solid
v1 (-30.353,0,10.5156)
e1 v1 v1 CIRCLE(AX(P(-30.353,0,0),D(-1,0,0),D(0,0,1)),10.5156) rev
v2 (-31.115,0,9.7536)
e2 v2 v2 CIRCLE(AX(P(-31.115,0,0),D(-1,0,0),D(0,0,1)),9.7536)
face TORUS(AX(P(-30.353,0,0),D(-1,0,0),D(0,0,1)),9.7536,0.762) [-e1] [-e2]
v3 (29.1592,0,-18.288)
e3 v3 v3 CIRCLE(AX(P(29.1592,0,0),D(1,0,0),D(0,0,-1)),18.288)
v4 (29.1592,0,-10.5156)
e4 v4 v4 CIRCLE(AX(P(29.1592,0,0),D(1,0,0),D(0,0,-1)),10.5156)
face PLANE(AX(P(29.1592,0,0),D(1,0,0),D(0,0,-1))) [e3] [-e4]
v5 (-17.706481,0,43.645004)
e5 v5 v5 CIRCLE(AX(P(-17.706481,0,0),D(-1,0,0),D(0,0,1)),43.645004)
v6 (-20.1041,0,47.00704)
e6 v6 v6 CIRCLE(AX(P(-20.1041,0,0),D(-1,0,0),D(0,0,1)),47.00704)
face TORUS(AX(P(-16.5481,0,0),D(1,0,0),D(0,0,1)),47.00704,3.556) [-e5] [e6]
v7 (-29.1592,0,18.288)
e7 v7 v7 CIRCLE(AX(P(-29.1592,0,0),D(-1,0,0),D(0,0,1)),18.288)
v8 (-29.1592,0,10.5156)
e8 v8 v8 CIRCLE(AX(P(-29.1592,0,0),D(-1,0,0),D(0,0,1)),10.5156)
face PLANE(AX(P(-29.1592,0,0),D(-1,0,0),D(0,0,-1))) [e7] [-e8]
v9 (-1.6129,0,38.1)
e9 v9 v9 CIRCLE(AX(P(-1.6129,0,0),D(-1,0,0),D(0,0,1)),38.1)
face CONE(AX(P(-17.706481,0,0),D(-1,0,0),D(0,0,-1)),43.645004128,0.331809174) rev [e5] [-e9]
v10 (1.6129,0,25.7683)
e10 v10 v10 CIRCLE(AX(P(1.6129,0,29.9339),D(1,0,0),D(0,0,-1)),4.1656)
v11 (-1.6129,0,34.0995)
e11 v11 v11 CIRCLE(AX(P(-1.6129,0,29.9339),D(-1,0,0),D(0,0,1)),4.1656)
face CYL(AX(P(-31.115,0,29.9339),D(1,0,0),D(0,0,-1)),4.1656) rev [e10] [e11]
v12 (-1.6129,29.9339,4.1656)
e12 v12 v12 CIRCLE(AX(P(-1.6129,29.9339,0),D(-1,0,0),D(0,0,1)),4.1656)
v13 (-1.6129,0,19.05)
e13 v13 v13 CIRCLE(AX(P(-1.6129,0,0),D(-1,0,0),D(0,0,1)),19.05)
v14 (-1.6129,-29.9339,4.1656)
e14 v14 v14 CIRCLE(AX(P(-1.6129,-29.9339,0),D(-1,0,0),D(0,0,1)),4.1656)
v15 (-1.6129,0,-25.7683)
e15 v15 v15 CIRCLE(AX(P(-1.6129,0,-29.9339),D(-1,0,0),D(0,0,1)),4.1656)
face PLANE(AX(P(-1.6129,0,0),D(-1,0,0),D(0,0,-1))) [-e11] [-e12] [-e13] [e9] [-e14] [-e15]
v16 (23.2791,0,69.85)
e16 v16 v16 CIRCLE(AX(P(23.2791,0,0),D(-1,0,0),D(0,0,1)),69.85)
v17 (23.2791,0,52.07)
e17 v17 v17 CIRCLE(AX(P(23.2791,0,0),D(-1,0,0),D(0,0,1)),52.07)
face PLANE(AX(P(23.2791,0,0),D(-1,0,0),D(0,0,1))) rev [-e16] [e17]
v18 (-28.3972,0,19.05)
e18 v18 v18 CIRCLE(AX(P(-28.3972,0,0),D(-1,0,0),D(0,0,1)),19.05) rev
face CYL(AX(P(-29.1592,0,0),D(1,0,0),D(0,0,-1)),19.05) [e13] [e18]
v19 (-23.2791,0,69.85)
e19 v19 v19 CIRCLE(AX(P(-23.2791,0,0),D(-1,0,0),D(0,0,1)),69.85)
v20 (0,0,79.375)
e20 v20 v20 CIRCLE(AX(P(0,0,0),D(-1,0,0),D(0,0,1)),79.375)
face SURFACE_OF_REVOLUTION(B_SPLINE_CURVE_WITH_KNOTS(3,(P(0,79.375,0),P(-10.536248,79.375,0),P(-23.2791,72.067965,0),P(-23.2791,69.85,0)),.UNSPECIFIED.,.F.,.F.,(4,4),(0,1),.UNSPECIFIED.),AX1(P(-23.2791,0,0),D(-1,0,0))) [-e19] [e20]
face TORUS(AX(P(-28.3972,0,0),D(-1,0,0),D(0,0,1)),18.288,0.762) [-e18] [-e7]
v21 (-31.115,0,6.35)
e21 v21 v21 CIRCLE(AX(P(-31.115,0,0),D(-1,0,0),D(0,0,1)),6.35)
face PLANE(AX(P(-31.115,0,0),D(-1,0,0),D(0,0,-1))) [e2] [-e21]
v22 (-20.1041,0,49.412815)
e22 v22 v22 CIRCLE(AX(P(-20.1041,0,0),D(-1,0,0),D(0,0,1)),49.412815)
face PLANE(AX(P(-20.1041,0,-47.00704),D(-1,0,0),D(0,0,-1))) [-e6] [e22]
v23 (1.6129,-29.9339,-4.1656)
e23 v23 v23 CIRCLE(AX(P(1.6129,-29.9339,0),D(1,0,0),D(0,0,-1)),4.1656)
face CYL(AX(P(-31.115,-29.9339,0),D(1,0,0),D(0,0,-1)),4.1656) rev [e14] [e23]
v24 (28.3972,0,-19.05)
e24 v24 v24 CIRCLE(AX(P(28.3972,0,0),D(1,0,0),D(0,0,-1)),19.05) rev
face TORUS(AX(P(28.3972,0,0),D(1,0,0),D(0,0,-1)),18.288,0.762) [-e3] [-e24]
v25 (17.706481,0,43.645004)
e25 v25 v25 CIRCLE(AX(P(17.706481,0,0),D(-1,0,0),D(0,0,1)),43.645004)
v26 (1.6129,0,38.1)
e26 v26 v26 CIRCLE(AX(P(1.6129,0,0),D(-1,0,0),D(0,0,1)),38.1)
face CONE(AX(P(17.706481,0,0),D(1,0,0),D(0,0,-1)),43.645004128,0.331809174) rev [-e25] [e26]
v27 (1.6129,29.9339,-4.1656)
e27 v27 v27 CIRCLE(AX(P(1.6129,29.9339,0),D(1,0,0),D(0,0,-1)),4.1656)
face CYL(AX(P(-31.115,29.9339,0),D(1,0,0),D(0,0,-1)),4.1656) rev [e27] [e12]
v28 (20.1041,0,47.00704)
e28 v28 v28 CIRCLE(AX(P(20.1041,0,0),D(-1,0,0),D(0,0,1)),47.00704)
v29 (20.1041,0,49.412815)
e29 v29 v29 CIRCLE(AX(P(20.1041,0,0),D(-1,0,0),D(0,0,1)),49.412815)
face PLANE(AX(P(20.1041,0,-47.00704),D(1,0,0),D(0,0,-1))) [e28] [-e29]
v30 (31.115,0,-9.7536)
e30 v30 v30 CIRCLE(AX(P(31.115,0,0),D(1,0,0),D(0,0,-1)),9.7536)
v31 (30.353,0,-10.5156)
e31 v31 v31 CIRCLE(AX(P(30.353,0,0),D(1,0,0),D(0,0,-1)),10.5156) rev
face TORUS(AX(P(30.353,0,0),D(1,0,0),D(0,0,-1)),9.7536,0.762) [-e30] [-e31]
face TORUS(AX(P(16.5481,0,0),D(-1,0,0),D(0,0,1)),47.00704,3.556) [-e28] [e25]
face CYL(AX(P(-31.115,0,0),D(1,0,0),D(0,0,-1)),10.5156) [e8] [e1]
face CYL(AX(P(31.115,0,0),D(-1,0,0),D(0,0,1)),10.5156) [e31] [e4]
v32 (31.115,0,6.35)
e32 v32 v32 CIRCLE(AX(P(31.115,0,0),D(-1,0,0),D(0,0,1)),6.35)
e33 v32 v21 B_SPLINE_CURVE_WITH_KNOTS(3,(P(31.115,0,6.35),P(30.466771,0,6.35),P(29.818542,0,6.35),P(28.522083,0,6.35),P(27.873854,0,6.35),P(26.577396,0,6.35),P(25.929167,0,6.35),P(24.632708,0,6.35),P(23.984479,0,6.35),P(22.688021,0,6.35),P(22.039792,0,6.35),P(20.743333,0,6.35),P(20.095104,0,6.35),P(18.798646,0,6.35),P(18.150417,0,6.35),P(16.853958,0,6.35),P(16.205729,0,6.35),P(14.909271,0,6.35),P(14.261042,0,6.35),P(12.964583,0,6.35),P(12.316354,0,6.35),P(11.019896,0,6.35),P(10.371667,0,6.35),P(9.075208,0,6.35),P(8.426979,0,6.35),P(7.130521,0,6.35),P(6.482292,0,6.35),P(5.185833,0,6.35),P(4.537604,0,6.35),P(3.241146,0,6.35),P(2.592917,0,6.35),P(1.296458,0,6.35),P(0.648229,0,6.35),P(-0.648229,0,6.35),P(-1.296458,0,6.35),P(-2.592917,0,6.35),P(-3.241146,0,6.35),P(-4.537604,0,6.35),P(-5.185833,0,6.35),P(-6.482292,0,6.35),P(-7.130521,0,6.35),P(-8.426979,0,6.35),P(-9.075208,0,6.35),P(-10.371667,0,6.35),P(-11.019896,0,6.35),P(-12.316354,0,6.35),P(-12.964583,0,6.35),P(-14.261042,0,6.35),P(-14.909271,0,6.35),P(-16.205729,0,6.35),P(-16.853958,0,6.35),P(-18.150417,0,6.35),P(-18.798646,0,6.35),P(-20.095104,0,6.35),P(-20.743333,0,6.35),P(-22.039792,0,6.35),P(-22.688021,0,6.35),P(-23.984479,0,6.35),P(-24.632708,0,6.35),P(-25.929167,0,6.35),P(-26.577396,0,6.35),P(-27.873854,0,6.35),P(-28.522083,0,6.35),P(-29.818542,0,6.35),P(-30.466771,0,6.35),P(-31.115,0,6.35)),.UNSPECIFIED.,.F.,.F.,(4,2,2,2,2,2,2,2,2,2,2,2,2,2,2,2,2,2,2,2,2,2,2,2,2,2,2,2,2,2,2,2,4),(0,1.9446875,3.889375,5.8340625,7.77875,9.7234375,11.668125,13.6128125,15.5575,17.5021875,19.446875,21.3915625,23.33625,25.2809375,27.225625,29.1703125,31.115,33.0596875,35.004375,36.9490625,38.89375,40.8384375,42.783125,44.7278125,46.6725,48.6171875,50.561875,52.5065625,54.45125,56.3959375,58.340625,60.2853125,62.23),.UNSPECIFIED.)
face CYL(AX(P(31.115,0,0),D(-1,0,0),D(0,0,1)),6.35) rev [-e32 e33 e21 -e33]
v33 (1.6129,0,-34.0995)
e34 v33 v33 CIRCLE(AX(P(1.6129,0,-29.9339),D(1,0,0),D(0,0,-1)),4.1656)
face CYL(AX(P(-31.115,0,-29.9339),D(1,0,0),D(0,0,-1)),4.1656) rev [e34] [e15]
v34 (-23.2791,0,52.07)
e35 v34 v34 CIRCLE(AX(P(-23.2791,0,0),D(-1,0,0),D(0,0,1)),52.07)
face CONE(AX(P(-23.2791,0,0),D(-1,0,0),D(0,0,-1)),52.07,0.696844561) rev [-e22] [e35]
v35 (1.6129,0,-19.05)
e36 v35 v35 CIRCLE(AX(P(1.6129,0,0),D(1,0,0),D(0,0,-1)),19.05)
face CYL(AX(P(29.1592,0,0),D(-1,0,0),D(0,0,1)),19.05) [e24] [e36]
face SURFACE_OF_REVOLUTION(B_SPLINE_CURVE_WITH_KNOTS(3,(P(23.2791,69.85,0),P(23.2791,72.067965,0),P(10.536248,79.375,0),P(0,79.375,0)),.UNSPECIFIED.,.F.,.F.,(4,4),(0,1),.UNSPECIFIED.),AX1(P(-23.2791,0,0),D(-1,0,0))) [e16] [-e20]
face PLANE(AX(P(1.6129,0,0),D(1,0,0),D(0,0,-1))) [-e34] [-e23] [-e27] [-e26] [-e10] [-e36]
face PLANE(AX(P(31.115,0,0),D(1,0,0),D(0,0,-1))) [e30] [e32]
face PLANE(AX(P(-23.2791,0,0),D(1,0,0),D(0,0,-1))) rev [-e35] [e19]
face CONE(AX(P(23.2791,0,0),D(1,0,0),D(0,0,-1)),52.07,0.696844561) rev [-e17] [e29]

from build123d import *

# Parameters (mm, degrees)
SKETCH8_R            = 19.05
BOSS_EXTRUDE1_DEPTH  = 27.5463
SKETCH9_R            = 10.5156
BOSS_EXTRUDE2_DEPTH  = 1.9558
FILLET4_R            = 0.762
FILLET4_OF_MIRROR2_R = 0.762
SKETCH10_R           = 6.35
CUT_EXTRUDE5_DEPTH   = 129.348565172
SKETCH11_R           = 4.1656
CUT_EXTRUDE6_DEPTH   = 117.926886216


with BuildPart() as part:
    # Sketch5 → Revolve1 (revolve)
    with BuildSketch(Plane.XY):
        with BuildLine():
            Line((-23.2791, 0), (-23.2791, 69.85))
            add(Edge.make_bspline(
                [(-23.2791, 69.85), (-23.2791, 72.067965362), (-10.536247667, 79.375), (0, 79.375)],
                knots=[0, 0, 0, 0, 1, 1, 1, 1], degree=3))
            add(Edge.make_bspline(
                [(23.2791, 69.85), (23.2791, 72.067965362), (10.536247667, 79.375), (0, 79.375)],
                knots=[0, 0, 0, 0, 1, 1, 1, 1], degree=3))
            Line((23.2791, 69.85), (23.2791, 0))
            Line((23.2791, 0), (-23.2791, 0))
        make_face()
    revolve(axis=Axis((-23.2791, 0, 0), (1, 0, 0)))

    # Sketch7 → Cut-Revolve2 (revolve, cut)
    with BuildSketch(Plane(origin=(0, 0, 0), x_dir=(1, 0, 0), z_dir=(0, 1, 0)), mode=Mode.PRIVATE) as cut_revolve2_sk:
        with BuildLine():
            Line((1.6129, 0), (1.6129, 38.1))
            Line((1.6129, 38.1), (17.706481409, 43.645004128))
            ThreePointArc((17.706481409, 43.645004128), (19.443297773, 44.942345392), (20.1041, 47.007040492))
            Line((20.1041, 47.007040492), (20.1041, 49.412815204))
            Line((20.1041, 49.412815204), (23.2791, 52.07))
            Line((23.2791, 52.07), (23.2791, 0))
            Line((23.2791, 0), (1.6129, 0))
        make_face()
    cut_revolve2 = revolve(cut_revolve2_sk.sketch.rotate(Axis((-1000, 0, 0), (1, 0, 0)), 180), axis=Axis((-1000, 0, 0), (1, 0, 0)), mode=Mode.SUBTRACT)

    # Mirror1: Cut-Revolve2 across plane
    add(cut_revolve2.mirror(Plane(origin=(0, 0, 0), x_dir=(0, 0, 1), z_dir=(1, 0, 0))), mode=Mode.SUBTRACT)

    # Sketch8 → Boss-Extrude1 (add)
    with BuildSketch(Plane(origin=(1.6129, 0, 0), x_dir=(0, 0, -1), z_dir=(1, 0, 0))):
        Circle(SKETCH8_R)
    boss_extrude1 = extrude(amount=BOSS_EXTRUDE1_DEPTH)

    # Sketch9 → Boss-Extrude2 (add)
    with BuildSketch(Plane(origin=(29.1592, 0, 0), x_dir=(0, 0, -1), z_dir=(1, 0, 0))):
        Circle(SKETCH9_R)
    boss_extrude2 = extrude(amount=BOSS_EXTRUDE2_DEPTH)

    # Fillet4
    fillet4_edges = [part.edges().sort_by_distance(p)[0] for p in [
        (29.1592, 0, 19.05),
        (31.115, 0, 10.5156),
    ]]
    fillet(fillet4_edges, radius=FILLET4_R)

    # Mirror2: Boss-Extrude1, Boss-Extrude2 across plane
    add(boss_extrude1.mirror(Plane(origin=(0, 0, 0), x_dir=(0, 0, 1), z_dir=(1, 0, 0))))
    add(boss_extrude2.mirror(Plane(origin=(0, 0, 0), x_dir=(0, 0, 1), z_dir=(1, 0, 0))))

    # Fillet4 of Mirror2
    fillet4_of_mirror2_edges = [part.edges().sort_by_distance(p)[0] for p in [
        (-29.1592, 0, 19.05),
        (-31.115, 0, 10.5156),
    ]]
    fillet(fillet4_of_mirror2_edges, radius=FILLET4_OF_MIRROR2_R)

    # Sketch10 → Cut-Extrude5 (cut, through all)
    with BuildSketch(Plane.ZY.offset(31.115)):
        Circle(SKETCH10_R)
    extrude(amount=-CUT_EXTRUDE5_DEPTH, mode=Mode.SUBTRACT)

    # Sketch11 → Cut-Extrude6 (cut, through all)
    with BuildSketch(Plane(origin=(1.6129, 0, 0), x_dir=(0, 0, -1), z_dir=(1, 0, 0))):
        with Locations((0, 29.9339)):
            Circle(SKETCH11_R)
        with Locations((29.9339, 0)):
            Circle(SKETCH11_R)
        with Locations((0, -29.9339)):
            Circle(SKETCH11_R)
        with Locations((-29.9339, 0)):
            Circle(SKETCH11_R)
    extrude(amount=-CUT_EXTRUDE6_DEPTH, mode=Mode.SUBTRACT)


solid = part.part
